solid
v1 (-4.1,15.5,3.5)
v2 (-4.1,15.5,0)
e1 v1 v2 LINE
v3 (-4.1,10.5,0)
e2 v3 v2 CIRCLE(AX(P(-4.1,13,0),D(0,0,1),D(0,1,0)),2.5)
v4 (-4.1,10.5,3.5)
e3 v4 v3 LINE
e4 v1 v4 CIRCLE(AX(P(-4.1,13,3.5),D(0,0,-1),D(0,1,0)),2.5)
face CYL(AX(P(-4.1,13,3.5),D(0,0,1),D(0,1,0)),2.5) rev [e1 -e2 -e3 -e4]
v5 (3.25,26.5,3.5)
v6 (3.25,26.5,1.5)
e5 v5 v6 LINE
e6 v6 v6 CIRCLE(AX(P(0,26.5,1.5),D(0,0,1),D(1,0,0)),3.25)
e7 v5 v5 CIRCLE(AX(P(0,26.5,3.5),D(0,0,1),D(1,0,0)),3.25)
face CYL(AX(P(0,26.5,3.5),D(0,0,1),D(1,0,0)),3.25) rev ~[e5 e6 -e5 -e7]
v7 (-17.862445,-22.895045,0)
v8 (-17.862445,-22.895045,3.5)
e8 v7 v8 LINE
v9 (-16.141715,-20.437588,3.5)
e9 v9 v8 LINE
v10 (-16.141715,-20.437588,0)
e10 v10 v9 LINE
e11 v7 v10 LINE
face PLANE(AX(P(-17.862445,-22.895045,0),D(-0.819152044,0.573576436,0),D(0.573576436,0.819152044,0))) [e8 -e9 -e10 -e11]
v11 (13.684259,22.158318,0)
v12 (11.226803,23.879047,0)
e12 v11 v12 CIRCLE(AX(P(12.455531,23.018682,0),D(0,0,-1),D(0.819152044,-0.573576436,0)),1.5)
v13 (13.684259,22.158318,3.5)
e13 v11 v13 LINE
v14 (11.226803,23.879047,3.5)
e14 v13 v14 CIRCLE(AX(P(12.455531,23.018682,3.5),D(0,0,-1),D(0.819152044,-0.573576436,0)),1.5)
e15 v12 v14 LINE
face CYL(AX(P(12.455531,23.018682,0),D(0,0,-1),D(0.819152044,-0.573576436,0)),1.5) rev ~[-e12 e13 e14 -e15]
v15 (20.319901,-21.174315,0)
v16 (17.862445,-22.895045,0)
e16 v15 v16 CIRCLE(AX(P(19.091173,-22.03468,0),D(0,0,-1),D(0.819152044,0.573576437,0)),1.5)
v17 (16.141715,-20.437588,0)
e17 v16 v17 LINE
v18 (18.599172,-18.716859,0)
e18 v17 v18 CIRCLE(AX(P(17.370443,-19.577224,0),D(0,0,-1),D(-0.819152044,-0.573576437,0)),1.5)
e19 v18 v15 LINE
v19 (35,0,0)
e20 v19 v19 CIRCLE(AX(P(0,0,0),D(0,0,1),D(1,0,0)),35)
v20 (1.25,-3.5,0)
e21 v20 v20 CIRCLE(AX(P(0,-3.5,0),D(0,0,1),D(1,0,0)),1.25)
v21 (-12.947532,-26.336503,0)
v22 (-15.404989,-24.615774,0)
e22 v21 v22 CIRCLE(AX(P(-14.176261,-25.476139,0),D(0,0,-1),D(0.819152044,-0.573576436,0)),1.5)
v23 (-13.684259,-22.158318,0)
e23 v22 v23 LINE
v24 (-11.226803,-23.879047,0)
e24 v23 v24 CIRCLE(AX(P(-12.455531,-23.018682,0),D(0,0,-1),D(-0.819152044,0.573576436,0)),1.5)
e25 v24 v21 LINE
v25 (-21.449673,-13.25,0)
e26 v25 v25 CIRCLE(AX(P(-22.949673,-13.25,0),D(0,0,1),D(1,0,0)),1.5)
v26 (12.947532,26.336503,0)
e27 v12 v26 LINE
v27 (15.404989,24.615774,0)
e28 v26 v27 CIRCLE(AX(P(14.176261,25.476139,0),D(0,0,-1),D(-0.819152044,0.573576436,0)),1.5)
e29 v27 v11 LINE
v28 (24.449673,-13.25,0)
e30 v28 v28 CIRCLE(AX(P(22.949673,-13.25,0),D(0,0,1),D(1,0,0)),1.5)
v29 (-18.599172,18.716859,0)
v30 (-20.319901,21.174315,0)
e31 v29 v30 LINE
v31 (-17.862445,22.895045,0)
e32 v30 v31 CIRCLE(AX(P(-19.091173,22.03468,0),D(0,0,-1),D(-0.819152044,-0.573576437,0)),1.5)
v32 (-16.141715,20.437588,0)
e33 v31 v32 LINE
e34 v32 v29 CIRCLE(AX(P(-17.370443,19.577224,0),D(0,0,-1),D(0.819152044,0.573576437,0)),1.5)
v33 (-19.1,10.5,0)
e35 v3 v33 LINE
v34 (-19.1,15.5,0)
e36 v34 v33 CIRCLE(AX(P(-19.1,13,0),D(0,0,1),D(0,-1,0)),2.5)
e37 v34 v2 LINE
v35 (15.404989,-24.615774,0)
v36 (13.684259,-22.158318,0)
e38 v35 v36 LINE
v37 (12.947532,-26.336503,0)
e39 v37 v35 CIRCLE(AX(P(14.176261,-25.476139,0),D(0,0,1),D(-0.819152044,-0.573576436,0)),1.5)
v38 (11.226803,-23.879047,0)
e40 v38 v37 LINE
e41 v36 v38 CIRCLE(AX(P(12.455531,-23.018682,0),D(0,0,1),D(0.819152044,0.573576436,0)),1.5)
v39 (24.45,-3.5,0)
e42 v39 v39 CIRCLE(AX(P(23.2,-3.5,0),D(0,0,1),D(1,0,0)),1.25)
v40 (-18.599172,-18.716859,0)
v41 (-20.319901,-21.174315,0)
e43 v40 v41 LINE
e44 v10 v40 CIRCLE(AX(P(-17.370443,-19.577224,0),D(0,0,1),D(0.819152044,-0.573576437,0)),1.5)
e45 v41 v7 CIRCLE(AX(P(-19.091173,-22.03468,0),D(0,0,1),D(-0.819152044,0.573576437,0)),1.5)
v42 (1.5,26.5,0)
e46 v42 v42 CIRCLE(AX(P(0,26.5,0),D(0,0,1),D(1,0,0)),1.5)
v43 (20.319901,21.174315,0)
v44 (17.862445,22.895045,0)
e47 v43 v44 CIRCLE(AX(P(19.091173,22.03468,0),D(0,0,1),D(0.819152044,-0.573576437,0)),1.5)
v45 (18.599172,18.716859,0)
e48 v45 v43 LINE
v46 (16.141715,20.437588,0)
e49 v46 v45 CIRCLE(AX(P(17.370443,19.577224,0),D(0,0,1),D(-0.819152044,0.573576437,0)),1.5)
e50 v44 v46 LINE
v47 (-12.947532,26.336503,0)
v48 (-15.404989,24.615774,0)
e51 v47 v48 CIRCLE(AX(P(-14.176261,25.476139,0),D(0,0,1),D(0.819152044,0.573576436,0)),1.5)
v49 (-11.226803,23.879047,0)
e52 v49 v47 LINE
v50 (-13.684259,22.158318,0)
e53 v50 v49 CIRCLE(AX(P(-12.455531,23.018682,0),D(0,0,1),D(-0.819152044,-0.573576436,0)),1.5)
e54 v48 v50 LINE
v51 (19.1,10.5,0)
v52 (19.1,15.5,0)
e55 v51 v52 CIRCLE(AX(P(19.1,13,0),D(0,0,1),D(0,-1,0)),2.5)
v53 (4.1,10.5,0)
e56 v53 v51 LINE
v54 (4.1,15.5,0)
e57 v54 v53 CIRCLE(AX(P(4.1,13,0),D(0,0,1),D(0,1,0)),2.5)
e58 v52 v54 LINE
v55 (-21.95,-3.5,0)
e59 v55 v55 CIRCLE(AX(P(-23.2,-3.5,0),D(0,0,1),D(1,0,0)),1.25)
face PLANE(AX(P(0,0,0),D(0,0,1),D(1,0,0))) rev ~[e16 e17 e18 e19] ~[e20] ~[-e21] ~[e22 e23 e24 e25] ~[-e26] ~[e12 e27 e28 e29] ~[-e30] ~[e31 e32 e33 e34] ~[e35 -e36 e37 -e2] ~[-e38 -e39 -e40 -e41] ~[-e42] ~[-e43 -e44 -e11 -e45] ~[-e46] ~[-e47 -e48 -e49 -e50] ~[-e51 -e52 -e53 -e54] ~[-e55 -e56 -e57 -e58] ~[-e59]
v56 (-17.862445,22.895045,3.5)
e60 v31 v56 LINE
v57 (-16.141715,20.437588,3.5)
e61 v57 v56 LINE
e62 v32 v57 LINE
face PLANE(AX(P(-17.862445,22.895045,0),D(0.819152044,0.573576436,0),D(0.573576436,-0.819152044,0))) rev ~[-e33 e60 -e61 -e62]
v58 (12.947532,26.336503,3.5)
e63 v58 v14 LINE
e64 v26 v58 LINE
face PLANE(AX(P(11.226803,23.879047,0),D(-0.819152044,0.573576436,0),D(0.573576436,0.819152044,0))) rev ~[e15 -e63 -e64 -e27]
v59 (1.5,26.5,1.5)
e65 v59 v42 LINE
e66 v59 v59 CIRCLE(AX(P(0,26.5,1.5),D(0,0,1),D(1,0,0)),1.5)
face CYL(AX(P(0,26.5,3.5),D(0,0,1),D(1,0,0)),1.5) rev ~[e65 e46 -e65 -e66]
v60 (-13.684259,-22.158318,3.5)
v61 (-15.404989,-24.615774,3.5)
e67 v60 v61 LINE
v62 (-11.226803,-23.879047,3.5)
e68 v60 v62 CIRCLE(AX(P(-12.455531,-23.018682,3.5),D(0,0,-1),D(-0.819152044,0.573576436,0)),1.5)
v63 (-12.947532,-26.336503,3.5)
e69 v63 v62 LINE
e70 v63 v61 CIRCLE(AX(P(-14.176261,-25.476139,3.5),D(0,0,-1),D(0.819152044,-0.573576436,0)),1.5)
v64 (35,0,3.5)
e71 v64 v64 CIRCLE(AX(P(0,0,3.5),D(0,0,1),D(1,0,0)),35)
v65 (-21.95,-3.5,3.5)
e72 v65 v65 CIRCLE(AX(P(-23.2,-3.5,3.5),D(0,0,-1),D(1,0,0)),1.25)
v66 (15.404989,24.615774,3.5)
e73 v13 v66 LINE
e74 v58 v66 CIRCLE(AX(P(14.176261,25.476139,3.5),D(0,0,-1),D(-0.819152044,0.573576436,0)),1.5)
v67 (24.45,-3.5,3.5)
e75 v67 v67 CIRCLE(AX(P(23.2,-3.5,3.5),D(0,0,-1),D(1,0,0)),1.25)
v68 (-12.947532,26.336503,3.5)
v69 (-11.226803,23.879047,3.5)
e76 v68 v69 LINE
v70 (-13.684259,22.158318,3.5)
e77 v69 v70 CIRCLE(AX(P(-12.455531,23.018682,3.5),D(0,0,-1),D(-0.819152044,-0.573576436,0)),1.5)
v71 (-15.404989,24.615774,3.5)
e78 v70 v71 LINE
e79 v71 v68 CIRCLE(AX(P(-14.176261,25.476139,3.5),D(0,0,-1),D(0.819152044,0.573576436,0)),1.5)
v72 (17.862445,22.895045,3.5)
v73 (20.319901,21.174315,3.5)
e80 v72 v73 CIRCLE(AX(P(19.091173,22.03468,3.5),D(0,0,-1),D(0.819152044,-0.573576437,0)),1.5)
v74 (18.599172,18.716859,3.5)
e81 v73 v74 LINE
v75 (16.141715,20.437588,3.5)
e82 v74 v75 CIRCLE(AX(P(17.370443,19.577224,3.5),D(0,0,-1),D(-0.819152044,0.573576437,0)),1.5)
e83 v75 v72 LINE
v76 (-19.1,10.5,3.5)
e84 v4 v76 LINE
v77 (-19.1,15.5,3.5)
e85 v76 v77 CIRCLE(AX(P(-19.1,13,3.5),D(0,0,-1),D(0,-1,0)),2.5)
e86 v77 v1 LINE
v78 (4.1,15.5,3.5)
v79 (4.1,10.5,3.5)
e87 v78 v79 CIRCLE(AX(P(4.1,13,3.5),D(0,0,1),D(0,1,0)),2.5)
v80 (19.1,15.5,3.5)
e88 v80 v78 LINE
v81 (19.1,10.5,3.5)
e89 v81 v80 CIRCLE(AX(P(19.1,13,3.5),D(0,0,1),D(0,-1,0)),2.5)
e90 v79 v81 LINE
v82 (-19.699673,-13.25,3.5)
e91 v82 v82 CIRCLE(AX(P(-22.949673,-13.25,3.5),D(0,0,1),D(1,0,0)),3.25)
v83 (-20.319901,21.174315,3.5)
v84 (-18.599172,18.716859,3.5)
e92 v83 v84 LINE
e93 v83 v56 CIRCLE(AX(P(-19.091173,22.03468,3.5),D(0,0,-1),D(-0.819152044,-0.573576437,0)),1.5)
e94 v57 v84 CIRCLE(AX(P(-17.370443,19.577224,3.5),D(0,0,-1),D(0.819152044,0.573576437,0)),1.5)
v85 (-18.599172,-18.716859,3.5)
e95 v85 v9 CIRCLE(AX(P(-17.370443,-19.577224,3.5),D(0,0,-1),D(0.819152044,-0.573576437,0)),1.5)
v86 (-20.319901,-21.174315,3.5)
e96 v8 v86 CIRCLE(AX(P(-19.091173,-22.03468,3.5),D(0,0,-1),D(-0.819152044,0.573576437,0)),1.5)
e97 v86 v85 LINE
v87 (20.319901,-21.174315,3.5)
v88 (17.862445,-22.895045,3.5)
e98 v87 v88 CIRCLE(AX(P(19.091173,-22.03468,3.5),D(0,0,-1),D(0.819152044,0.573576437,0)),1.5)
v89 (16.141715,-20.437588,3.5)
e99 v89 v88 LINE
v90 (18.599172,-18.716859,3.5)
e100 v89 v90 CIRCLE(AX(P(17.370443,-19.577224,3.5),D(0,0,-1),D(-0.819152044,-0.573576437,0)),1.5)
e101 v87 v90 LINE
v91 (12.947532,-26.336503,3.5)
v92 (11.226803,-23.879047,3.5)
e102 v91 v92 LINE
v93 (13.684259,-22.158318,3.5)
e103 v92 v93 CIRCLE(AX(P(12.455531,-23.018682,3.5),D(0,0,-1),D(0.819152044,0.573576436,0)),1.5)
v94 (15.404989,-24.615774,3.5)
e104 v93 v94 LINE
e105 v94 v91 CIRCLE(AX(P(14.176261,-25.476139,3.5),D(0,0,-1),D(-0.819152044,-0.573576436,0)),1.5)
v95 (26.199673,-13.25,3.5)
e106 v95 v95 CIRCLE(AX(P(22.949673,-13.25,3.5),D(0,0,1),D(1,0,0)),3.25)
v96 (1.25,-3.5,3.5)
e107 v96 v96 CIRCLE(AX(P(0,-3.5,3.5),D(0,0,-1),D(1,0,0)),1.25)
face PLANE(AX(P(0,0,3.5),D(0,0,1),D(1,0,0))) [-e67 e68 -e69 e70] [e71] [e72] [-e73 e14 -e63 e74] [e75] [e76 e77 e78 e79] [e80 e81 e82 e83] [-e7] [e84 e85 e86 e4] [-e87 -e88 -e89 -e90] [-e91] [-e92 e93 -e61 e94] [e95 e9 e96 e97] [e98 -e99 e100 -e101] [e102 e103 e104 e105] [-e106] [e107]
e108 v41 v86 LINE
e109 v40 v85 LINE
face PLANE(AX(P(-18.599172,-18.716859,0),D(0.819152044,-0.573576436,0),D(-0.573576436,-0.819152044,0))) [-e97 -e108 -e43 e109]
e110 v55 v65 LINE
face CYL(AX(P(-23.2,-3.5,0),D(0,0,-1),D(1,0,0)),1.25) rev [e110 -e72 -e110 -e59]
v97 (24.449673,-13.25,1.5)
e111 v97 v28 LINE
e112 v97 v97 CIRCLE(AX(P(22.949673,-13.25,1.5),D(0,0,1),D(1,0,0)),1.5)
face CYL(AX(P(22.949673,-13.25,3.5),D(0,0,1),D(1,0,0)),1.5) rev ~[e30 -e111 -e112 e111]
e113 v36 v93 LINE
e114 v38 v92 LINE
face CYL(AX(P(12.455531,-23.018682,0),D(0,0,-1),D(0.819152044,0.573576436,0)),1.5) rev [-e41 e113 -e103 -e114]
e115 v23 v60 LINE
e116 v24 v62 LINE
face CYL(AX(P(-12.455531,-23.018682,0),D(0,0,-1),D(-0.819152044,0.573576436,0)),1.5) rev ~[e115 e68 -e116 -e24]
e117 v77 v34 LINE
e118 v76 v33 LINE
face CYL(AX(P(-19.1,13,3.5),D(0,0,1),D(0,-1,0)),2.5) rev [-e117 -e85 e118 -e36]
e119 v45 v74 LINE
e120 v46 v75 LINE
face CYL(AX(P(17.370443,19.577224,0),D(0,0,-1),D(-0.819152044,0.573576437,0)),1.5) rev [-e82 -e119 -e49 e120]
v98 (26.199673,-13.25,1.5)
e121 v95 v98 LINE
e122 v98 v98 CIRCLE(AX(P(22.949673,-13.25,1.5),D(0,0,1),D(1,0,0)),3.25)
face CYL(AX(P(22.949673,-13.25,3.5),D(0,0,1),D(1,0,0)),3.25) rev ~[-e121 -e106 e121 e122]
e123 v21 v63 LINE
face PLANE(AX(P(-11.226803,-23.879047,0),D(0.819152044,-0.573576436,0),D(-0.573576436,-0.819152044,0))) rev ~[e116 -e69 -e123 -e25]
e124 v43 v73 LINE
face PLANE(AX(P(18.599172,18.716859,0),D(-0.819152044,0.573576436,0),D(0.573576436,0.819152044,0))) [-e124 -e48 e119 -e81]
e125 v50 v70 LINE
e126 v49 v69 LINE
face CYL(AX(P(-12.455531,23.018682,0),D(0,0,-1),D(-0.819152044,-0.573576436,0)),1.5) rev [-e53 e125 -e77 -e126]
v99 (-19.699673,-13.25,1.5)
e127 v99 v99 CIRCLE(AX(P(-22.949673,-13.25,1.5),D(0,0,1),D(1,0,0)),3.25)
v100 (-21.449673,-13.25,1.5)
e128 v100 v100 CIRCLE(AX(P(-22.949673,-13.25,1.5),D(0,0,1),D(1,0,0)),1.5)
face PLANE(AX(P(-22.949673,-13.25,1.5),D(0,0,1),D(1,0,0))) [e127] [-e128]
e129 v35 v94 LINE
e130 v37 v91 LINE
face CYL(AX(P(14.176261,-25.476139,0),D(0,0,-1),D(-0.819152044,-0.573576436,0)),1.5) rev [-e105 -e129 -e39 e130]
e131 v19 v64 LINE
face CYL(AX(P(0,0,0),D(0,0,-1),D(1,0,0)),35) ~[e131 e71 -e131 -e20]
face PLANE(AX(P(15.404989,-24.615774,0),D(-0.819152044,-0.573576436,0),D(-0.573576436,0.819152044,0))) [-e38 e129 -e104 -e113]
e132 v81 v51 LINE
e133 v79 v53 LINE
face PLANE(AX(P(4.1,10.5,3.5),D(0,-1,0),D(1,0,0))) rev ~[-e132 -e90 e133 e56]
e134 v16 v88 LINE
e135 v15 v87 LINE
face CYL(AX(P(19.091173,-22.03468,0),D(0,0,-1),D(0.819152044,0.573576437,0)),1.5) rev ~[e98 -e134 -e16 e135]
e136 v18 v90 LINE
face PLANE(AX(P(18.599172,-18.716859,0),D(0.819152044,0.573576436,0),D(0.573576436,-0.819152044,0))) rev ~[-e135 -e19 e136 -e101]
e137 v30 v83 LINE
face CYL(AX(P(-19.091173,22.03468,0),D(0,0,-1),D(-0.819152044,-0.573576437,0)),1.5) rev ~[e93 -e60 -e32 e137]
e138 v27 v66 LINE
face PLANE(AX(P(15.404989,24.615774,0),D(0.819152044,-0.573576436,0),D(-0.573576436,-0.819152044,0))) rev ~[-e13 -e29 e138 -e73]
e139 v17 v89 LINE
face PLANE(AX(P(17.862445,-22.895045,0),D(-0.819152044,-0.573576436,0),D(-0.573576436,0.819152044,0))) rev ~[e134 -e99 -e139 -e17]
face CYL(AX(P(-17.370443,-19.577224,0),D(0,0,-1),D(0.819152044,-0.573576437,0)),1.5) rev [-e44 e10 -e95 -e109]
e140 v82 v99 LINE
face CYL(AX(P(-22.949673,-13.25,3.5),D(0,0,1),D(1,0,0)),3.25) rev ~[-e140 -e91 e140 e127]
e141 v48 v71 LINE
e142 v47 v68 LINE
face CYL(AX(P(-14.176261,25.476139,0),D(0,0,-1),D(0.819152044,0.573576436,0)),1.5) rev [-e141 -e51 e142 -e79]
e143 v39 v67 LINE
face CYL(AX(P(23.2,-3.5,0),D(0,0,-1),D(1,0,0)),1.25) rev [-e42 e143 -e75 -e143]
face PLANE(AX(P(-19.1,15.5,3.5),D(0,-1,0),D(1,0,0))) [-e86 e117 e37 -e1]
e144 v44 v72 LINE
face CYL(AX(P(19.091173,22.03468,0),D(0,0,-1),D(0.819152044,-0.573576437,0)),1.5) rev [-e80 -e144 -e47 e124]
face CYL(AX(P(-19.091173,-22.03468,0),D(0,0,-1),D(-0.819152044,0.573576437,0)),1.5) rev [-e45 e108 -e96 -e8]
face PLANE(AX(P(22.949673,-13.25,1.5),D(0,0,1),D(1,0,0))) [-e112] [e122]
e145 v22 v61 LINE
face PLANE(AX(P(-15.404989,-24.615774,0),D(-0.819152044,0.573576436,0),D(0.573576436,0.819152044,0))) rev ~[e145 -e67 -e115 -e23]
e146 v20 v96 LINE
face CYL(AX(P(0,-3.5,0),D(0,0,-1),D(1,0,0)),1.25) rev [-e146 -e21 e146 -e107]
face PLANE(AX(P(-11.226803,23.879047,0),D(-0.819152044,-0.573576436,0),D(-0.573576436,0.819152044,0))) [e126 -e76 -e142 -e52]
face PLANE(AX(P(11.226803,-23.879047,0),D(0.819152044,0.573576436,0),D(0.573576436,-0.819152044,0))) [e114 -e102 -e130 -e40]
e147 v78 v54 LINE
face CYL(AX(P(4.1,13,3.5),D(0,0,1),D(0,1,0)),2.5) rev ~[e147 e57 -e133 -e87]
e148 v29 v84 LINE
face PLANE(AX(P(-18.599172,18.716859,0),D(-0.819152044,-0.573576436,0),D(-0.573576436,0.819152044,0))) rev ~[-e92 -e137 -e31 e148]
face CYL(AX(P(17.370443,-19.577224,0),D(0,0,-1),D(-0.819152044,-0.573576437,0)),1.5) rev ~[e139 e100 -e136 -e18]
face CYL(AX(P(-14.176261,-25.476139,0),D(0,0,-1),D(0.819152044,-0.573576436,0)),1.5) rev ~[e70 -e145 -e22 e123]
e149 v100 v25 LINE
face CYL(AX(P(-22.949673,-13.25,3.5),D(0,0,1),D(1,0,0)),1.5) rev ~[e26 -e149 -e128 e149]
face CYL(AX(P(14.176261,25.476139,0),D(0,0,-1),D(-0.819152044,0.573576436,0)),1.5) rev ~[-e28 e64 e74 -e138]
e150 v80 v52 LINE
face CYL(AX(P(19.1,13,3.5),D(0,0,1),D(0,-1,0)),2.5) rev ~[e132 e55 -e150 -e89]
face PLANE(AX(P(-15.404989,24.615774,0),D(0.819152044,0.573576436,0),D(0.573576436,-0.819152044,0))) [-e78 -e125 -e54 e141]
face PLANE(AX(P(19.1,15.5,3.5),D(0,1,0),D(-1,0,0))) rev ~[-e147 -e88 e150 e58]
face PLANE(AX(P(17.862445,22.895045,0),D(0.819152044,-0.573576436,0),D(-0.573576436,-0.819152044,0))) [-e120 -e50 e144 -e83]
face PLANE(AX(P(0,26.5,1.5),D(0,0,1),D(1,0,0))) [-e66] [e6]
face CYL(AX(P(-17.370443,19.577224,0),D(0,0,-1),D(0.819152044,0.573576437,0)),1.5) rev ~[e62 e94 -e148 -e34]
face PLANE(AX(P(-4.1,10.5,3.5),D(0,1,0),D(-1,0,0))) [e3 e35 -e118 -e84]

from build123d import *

# Parameters (mm, degrees)
CROQUIS2_R              = 35
SALIENTE_EXTRUIR1_DEPTH = 3.5
CORTAR_EXTRUIR3_DEPTH   = 50.621064076
CORTAR_EXTRUIR4_START   = -3.5
CROQUIS4_R              = 1.25
CORTAR_EXTRUIR4_DEPTH   = 54.121064076
CROQUIS6_R              = 3.25
CORTAR_EXTRUIR6_DEPTH   = 2
CROQUIS7_R              = 1.5
CORTAR_EXTRUIR7_DEPTH   = 50.621064076
CORTAR_EXTRUIR9_DEPTH   = 50.621064076


with BuildPart() as part:
    # Croquis2 → Saliente-Extruir1 (new body)
    with BuildSketch(Plane.XY):
        Circle(CROQUIS2_R)
    extrude(amount=SALIENTE_EXTRUIR1_DEPTH)

    # Croquis3 → Cortar-Extruir3 (cut, through all)
    with BuildSketch(Plane.XY):
        with BuildLine():
            Line((11.226803146, 23.879047115), (12.947532455, 26.336503248))
            ThreePointArc((12.947532455, 26.336503248), (15.036625176, 26.70486666), (15.404988588, 24.615773939))
            Line((15.404988588, 24.615773939), (13.684259279, 22.158317806))
            ThreePointArc((13.684259279, 22.158317806), (11.595166558, 21.789954394), (11.226803146, 23.879047115))
        make_face()
        with BuildLine():
            Line((18.599171544, 18.716859188), (20.319900853, 21.174315321))
            ThreePointArc((20.319900853, 21.174315321), (19.951537442, 23.263408042), (17.862444721, 22.89504463))
            Line((17.862444721, 22.89504463), (16.141715412, 20.437588497))
            ThreePointArc((16.141715412, 20.437588497), (16.510078823, 18.348495776), (18.599171544, 18.716859188))
        make_face()
        with BuildLine():
            Line((18.599171544, -18.716859188), (20.319900853, -21.174315321))
            ThreePointArc((20.319900853, -21.174315321), (19.951537442, -23.263408042), (17.862444721, -22.89504463))
            Line((17.862444721, -22.89504463), (16.141715412, -20.437588497))
            ThreePointArc((16.141715412, -20.437588497), (16.510078823, -18.348495776), (18.599171544, -18.716859188))
        make_face()
        with BuildLine():
            Line((11.226803146, -23.879047115), (12.947532455, -26.336503248))
            ThreePointArc((12.947532455, -26.336503248), (15.036625176, -26.70486666), (15.404988588, -24.615773939))
            Line((15.404988588, -24.615773939), (13.684259279, -22.158317806))
            ThreePointArc((13.684259279, -22.158317806), (11.595166558, -21.789954394), (11.226803146, -23.879047115))
        make_face()
        with BuildLine():
            Line((-11.226803146, -23.879047115), (-12.947532455, -26.336503248))
            ThreePointArc((-12.947532455, -26.336503248), (-15.036625176, -26.70486666), (-15.404988588, -24.615773939))
            Line((-15.404988588, -24.615773939), (-13.684259279, -22.158317806))
            ThreePointArc((-13.684259279, -22.158317806), (-11.595166558, -21.789954394), (-11.226803146, -23.879047115))
        make_face()
        with BuildLine():
            Line((-18.599171544, -18.716859188), (-20.319900853, -21.174315321))
            ThreePointArc((-20.319900853, -21.174315321), (-19.951537442, -23.263408042), (-17.862444721, -22.89504463))
            Line((-17.862444721, -22.89504463), (-16.141715412, -20.437588497))
            ThreePointArc((-16.141715412, -20.437588497), (-16.510078823, -18.348495776), (-18.599171544, -18.716859188))
        make_face()
        with BuildLine():
            Line((-18.599171544, 18.716859188), (-20.319900853, 21.174315321))
            ThreePointArc((-20.319900853, 21.174315321), (-19.951537442, 23.263408042), (-17.862444721, 22.89504463))
            Line((-17.862444721, 22.89504463), (-16.141715412, 20.437588497))
            ThreePointArc((-16.141715412, 20.437588497), (-16.510078823, 18.348495776), (-18.599171544, 18.716859188))
        make_face()
        with BuildLine():
            Line((-11.226803146, 23.879047115), (-12.947532455, 26.336503248))
            ThreePointArc((-12.947532455, 26.336503248), (-15.036625176, 26.70486666), (-15.404988588, 24.615773939))
            Line((-15.404988588, 24.615773939), (-13.684259279, 22.158317806))
            ThreePointArc((-13.684259279, 22.158317806), (-11.595166558, 21.789954394), (-11.226803146, 23.879047115))
        make_face()
    extrude(amount=CORTAR_EXTRUIR3_DEPTH, mode=Mode.SUBTRACT)

    # Croquis4 → Cortar-Extruir4 (cut, through all)
    with BuildSketch(Plane.XY.offset(3.5).offset(CORTAR_EXTRUIR4_START)):
        with Locations((-23.2, -3.5)):
            Circle(CROQUIS4_R)
        with Locations((23.2, -3.5)):
            Circle(CROQUIS4_R)
        with Locations((0, -3.5)):
            Circle(CROQUIS4_R)
    extrude(amount=CORTAR_EXTRUIR4_DEPTH, mode=Mode.SUBTRACT)

    # Croquis6 → Cortar-Extruir6 (cut)
    with BuildSketch(Plane.XY.offset(3.5)):
        with Locations((0, 26.5)):
            Circle(CROQUIS6_R)
        with Locations((22.9496732, -13.25)):
            Circle(CROQUIS6_R)
        with Locations((-22.9496732, -13.25)):
            Circle(CROQUIS6_R)
    extrude(amount=-CORTAR_EXTRUIR6_DEPTH, mode=Mode.SUBTRACT)

    # Croquis7 → Cortar-Extruir7 (cut, through all)
    with BuildSketch(Plane.XY.offset(3.5)):
        with Locations((0, 26.5)):
            Circle(CROQUIS7_R)
        with Locations((22.9496732, -13.25)):
            Circle(CROQUIS7_R)
        with Locations((-22.9496732, -13.25)):
            Circle(CROQUIS7_R)
    extrude(amount=-CORTAR_EXTRUIR7_DEPTH, mode=Mode.SUBTRACT)

    # Croquis10 → Cortar-Extruir9 (cut, through all)
    with BuildSketch(Plane.XY.offset(3.5)):
        with BuildLine():
            Line((-19.1, 15.5), (-4.1, 15.5))
            ThreePointArc((-4.1, 15.5), (-1.6, 13), (-4.1, 10.5))
            Line((-4.1, 10.5), (-19.1, 10.5))
            ThreePointArc((-19.1, 10.5), (-21.6, 13), (-19.1, 15.5))
        make_face()
        with BuildLine():
            Line((19.1, 15.5), (4.1, 15.5))
            ThreePointArc((4.1, 15.5), (1.6, 13), (4.1, 10.5))
            Line((4.1, 10.5), (19.1, 10.5))
            ThreePointArc((19.1, 10.5), (21.6, 13), (19.1, 15.5))
        make_face()
    extrude(amount=-CORTAR_EXTRUIR9_DEPTH, mode=Mode.SUBTRACT)


solid = part.part
